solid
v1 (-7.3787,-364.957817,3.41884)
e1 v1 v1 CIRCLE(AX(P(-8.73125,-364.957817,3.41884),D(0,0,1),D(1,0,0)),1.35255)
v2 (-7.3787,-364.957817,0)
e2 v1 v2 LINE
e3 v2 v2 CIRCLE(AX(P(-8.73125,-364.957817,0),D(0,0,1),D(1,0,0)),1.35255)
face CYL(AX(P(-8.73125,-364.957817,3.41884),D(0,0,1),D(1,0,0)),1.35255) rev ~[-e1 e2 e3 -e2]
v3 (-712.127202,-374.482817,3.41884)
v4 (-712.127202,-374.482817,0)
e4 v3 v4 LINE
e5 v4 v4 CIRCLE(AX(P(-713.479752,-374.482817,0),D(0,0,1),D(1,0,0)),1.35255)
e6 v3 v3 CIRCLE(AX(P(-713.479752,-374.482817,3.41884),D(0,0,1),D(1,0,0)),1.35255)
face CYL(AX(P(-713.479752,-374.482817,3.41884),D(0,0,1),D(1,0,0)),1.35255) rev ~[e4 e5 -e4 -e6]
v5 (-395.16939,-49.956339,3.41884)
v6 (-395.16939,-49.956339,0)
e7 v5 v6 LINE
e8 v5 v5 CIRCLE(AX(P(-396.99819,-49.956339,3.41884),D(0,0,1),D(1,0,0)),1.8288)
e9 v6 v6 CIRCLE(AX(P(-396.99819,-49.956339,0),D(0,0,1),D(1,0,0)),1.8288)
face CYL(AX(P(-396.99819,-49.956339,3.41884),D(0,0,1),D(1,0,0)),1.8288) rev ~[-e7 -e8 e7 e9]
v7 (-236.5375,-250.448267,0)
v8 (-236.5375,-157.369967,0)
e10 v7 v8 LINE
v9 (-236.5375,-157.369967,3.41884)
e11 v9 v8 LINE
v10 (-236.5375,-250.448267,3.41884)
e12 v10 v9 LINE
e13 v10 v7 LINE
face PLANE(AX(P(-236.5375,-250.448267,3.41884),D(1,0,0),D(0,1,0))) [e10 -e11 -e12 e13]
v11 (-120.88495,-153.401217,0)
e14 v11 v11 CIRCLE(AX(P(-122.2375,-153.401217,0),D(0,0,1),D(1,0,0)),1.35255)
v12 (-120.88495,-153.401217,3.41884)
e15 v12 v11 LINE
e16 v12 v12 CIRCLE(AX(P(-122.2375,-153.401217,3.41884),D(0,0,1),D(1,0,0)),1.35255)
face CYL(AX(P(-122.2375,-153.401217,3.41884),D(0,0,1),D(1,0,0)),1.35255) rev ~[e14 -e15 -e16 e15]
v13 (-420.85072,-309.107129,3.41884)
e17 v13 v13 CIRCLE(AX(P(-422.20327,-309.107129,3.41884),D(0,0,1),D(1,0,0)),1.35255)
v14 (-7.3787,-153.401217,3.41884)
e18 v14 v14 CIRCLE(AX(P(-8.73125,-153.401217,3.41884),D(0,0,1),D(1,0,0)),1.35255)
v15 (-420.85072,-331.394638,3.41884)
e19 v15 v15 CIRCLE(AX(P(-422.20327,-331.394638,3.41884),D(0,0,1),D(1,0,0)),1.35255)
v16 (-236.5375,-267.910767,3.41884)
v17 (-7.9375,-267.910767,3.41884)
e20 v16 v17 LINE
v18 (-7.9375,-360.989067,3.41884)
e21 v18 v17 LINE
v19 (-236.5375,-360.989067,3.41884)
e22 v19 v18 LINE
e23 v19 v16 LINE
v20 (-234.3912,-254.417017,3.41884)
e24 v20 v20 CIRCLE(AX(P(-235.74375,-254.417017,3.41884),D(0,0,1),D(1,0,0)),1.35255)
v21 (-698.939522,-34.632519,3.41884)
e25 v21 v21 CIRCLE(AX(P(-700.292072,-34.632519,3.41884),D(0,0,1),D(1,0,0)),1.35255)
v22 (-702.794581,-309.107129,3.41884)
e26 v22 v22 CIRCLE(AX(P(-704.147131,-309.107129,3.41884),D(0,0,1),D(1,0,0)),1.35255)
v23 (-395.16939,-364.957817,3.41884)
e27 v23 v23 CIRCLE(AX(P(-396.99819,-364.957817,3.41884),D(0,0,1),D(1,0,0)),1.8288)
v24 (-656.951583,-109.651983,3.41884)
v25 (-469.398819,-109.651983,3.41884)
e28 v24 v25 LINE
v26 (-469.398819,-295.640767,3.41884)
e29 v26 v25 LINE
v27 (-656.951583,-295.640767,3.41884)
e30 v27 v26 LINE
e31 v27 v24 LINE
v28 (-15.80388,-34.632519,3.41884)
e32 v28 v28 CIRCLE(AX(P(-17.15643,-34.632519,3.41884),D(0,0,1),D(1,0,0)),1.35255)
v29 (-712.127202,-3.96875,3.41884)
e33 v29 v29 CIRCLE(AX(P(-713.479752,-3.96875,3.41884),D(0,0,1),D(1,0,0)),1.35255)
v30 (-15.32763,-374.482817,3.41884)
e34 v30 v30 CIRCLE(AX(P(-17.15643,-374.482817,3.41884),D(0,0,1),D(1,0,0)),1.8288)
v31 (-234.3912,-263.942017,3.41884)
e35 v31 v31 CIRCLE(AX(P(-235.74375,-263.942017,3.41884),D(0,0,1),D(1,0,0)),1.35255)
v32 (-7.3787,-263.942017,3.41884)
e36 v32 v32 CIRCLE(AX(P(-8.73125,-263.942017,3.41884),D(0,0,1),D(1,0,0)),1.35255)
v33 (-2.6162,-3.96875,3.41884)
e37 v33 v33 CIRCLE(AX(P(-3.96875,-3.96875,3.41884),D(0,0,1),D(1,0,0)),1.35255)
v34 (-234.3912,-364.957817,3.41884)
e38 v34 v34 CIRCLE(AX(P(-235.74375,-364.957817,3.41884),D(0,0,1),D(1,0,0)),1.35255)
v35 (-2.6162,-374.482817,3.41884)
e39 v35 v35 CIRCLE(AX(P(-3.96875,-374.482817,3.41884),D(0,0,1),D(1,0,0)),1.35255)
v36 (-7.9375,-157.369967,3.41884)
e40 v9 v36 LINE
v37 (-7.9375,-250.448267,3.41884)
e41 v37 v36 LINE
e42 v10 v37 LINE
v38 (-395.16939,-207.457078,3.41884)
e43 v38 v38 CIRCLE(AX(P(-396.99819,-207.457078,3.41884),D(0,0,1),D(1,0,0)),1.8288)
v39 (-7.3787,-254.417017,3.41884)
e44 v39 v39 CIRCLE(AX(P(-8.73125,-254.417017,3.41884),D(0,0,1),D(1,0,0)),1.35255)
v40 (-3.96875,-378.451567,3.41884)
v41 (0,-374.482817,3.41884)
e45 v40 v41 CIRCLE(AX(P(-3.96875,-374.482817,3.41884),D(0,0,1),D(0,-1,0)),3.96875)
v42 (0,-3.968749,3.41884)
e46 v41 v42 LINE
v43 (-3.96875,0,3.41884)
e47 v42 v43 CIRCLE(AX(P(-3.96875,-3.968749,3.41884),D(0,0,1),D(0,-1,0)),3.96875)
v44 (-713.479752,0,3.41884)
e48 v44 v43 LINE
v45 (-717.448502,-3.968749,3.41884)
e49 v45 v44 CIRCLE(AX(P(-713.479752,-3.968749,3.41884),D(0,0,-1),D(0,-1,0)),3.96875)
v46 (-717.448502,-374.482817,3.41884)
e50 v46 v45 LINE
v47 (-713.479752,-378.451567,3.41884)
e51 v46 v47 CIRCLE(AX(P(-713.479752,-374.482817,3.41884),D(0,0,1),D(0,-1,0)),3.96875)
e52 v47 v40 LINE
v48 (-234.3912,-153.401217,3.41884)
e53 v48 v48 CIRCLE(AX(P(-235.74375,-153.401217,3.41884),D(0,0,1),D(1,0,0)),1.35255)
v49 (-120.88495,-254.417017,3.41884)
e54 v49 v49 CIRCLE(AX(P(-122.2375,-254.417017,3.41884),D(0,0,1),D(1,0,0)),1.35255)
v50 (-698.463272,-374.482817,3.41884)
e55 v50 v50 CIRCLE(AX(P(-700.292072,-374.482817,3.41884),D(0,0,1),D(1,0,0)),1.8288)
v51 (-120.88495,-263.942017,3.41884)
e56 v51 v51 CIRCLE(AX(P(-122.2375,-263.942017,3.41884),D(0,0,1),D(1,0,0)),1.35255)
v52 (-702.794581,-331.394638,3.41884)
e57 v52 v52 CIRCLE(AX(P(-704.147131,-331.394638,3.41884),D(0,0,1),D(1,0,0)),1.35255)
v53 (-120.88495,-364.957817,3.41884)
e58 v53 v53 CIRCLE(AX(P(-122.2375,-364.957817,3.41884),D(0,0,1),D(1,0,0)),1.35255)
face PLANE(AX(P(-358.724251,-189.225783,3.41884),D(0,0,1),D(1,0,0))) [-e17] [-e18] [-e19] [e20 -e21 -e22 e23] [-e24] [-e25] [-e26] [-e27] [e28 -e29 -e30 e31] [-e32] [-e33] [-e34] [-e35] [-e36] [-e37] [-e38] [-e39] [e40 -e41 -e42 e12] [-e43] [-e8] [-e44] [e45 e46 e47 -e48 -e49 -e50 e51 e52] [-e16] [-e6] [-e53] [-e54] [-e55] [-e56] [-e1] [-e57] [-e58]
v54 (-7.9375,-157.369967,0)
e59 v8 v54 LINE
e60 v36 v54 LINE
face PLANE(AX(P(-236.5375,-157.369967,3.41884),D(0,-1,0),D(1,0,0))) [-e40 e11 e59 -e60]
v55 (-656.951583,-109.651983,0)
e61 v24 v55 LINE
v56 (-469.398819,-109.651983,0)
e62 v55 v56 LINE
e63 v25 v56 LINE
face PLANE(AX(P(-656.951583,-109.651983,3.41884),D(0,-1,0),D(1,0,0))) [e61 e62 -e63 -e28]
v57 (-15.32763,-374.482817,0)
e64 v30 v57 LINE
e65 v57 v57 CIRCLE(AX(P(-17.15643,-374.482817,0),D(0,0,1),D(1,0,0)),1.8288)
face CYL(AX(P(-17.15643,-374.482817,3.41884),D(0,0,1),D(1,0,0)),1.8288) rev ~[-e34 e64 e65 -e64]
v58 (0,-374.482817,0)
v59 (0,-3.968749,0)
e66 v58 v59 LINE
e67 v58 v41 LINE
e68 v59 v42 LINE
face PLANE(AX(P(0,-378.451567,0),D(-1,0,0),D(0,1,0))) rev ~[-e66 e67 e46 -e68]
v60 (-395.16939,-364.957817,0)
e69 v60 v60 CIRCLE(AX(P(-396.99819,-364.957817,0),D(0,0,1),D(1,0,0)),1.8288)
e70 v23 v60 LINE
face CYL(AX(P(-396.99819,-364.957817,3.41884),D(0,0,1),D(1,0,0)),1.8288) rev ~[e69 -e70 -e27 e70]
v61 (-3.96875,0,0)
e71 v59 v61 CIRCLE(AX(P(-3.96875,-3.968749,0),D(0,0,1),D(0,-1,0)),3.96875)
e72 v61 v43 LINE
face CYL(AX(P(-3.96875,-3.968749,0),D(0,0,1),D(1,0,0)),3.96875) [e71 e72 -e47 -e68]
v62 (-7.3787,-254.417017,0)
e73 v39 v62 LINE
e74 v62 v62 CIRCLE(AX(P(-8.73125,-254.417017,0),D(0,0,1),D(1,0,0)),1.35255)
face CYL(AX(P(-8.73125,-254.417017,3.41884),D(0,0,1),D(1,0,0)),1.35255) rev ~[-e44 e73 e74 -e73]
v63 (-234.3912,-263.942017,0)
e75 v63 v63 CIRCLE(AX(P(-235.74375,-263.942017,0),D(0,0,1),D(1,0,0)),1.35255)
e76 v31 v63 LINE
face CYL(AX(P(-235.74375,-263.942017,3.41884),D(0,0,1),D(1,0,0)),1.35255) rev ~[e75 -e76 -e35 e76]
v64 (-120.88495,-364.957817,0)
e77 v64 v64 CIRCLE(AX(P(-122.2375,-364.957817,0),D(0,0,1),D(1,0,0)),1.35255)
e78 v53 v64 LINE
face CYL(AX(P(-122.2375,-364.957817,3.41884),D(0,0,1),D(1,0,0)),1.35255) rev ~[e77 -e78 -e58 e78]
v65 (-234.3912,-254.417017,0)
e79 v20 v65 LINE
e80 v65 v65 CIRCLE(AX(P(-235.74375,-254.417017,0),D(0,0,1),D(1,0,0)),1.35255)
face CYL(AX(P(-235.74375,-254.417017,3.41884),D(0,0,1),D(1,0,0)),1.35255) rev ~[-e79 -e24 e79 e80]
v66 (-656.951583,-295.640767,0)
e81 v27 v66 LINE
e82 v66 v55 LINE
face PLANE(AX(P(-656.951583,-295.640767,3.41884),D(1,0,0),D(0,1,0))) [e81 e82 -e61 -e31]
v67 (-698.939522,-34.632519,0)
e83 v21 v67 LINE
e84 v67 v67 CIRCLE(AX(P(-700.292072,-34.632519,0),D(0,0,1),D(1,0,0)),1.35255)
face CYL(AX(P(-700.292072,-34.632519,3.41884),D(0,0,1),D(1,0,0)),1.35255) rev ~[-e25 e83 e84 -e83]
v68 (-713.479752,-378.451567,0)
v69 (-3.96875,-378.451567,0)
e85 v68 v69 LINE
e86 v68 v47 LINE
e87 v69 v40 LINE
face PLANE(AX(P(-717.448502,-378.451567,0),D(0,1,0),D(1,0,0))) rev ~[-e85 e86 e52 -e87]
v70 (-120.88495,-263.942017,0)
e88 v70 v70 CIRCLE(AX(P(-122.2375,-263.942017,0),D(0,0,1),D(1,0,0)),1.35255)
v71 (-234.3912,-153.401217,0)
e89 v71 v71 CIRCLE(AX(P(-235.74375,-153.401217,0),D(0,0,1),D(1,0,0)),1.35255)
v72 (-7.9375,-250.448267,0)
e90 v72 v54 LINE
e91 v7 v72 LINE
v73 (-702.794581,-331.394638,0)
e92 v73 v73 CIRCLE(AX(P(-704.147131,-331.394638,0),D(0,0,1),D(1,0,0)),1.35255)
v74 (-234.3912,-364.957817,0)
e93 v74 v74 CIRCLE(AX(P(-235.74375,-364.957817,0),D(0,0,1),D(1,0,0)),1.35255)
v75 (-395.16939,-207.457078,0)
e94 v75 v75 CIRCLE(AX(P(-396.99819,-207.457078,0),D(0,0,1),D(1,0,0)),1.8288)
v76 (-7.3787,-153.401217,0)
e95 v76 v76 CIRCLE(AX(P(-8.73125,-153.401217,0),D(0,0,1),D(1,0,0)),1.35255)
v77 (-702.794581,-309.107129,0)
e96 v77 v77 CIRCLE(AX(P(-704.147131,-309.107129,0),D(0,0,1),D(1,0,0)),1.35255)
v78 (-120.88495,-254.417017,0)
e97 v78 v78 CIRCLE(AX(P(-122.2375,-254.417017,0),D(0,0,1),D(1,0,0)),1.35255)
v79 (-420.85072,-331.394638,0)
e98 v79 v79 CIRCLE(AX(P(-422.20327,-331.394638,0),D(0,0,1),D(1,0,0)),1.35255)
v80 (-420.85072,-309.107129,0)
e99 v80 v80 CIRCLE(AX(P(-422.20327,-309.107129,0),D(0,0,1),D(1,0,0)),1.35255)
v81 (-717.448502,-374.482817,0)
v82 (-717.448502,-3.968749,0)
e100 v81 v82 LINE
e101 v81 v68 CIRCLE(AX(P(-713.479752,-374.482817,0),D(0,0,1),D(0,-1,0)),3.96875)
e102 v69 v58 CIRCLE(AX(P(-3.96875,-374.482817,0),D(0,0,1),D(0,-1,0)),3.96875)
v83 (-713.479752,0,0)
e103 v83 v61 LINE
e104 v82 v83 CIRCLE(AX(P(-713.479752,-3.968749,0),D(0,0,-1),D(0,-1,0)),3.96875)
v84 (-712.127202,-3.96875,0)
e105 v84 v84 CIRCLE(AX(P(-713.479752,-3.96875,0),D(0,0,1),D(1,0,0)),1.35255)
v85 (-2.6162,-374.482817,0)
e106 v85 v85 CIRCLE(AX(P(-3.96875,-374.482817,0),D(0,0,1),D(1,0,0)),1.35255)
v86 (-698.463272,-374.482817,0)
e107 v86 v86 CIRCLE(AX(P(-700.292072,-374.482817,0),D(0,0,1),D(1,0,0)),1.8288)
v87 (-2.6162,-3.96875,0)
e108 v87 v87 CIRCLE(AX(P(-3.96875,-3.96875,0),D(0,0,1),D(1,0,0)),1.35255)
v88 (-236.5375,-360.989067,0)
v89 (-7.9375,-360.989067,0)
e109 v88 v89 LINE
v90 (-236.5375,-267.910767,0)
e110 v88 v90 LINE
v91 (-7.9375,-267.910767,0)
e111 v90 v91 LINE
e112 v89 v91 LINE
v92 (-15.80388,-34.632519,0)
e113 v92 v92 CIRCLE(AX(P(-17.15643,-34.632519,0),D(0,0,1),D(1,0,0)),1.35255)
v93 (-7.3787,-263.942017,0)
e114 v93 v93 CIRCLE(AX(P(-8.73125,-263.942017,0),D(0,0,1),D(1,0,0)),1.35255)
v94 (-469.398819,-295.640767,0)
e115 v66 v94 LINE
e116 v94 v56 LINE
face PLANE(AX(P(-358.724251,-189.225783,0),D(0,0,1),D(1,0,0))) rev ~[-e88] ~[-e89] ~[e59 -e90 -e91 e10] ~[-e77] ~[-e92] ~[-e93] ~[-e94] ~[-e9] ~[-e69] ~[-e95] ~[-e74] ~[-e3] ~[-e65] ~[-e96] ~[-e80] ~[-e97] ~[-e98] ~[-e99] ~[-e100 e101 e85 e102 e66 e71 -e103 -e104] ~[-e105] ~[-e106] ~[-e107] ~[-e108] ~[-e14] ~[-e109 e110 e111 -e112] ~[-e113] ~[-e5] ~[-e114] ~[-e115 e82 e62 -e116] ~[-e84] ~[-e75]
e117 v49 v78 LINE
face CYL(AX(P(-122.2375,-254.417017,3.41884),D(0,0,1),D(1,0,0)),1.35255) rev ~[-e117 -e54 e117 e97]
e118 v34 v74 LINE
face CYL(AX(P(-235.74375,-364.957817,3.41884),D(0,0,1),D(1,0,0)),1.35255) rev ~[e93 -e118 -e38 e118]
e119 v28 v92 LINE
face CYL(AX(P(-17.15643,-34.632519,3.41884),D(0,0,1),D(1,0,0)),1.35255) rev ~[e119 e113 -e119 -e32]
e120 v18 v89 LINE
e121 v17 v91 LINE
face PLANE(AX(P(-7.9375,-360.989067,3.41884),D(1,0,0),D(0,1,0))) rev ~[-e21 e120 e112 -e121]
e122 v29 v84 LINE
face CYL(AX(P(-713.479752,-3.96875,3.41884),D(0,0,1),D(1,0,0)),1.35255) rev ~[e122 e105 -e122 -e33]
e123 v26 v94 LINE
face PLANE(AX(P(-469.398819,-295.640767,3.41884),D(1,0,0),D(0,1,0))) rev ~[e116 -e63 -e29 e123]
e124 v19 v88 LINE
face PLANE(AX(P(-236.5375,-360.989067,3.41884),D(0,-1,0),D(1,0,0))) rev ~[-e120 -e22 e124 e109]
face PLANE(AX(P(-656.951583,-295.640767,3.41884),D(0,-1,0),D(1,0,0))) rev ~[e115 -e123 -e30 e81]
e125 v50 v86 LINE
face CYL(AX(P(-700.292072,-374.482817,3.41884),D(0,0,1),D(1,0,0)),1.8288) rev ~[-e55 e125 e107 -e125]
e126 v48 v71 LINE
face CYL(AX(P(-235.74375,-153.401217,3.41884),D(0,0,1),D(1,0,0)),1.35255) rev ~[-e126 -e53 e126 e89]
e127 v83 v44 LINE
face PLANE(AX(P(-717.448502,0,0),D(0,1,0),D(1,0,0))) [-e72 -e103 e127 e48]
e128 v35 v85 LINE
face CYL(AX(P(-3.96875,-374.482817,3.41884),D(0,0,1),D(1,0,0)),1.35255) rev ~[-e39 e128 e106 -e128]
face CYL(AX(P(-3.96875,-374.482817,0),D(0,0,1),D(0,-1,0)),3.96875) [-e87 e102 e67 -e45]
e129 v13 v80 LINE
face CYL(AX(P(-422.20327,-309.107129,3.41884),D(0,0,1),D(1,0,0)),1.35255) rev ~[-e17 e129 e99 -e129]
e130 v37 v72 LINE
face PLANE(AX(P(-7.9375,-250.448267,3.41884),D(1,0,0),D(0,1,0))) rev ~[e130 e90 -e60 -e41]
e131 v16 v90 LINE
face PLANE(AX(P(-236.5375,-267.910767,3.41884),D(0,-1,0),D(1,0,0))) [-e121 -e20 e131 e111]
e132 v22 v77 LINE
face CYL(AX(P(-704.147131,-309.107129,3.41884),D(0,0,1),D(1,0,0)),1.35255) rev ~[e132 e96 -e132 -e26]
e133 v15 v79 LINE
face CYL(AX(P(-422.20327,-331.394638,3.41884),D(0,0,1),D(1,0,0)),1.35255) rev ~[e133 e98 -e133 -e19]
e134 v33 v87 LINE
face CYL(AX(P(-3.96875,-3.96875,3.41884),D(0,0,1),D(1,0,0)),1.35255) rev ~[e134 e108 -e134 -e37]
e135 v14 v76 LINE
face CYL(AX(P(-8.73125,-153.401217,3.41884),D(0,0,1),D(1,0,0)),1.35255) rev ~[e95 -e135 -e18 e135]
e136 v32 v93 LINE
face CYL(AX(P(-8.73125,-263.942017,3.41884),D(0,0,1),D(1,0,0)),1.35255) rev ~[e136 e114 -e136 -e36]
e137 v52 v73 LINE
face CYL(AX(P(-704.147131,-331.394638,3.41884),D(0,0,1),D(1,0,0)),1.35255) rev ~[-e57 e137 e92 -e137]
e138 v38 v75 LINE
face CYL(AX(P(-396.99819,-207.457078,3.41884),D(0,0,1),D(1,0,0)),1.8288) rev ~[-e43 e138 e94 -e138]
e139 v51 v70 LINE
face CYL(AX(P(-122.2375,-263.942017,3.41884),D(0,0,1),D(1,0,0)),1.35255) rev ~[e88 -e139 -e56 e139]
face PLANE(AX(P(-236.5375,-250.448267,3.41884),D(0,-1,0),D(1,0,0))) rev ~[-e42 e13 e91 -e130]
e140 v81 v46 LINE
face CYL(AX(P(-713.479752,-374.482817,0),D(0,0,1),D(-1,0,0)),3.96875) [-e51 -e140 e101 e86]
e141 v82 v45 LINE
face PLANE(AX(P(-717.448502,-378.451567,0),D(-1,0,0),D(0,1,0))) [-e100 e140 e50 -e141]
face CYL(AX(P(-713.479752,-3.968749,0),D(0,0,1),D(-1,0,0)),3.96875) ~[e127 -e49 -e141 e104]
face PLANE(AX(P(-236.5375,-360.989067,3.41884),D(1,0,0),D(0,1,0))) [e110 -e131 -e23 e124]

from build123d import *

# Parameters (mm, degrees)
F0_W     = 717.448502
F0_H     = 378.451567
F1_DEPTH = 3.41884
F2_R     = 3.96875
F3_R     = 1.35255
F3_R_2   = 1.8288
F3_W     = 187.552764
F3_H     = 185.988784
F3_W_2   = 228.6
F3_H_2   = 93.0783
F4_DEPTH = 3.41884


with BuildPart() as f1:
    # F0 (on Top) → F1 (new body)
    with BuildSketch(Plane.XY):
        with Locations((-358.724251, -189.225783)):
            Rectangle(F0_W, F0_H)
    extrude(amount=F1_DEPTH)

    # F2
    f2_edges = [f1.edges().sort_by_distance(p)[0] for p in [
        (-717.448502, 0, 1.70942),
        (-717.448502, -378.451567, 1.70942),
        (0, -378.451567, 1.70942),
        (0, 0, 1.70942),
    ]]
    fillet(f2_edges, radius=F2_R)

    # F3 (on face) → F4 (cut, through all)
    with BuildSketch(Plane.XY.offset(3.41884)):
        with Locations((-713.479752, -3.96875)):
            Circle(F3_R)
        with Locations((-3.96875, -3.96875)):
            Circle(F3_R)
        with Locations((-713.479752, -374.482817)):
            Circle(F3_R)
        with Locations((-3.96875, -374.482817)):
            Circle(F3_R)
        with Locations((-704.147131, -309.107129)):
            Circle(F3_R)
        with Locations((-704.147131, -331.394638)):
            Circle(F3_R)
        with Locations((-422.20327, -331.394638)):
            Circle(F3_R)
        with Locations((-422.20327, -309.107129)):
            Circle(F3_R)
        with Locations((-17.15643, -374.482817)):
            Circle(F3_R_2)
        with Locations((-700.292072, -374.482817)):
            Circle(F3_R_2)
        with Locations((-700.292072, -34.632519)):
            Circle(F3_R)
        with Locations((-17.15643, -34.632519)):
            Circle(F3_R)
        with Locations((-396.99819, -49.956339)):
            Circle(F3_R_2)
        with Locations((-563.175201, -202.646375)):
            Rectangle(F3_W, F3_H)
        with Locations((-122.2375, -314.449917)):
            Rectangle(F3_W_2, F3_H_2)
        with Locations((-235.74375, -364.957817)):
            Circle(F3_R)
        with Locations((-122.2375, -364.957817)):
            Circle(F3_R)
        with Locations((-8.73125, -364.957817)):
            Circle(F3_R)
        with Locations((-235.74375, -263.942017)):
            Circle(F3_R)
        with Locations((-122.2375, -263.942017)):
            Circle(F3_R)
        with Locations((-8.73125, -263.942017)):
            Circle(F3_R)
        with Locations((-122.2375, -203.909117)):
            Rectangle(F3_W_2, F3_H_2)
        with Locations((-235.74375, -254.417017)):
            Circle(F3_R)
        with Locations((-122.2375, -254.417017)):
            Circle(F3_R)
        with Locations((-8.73125, -254.417017)):
            Circle(F3_R)
        with Locations((-8.73125, -153.401217)):
            Circle(F3_R)
        with Locations((-235.74375, -153.401217)):
            Circle(F3_R)
        with Locations((-122.2375, -153.401217)):
            Circle(F3_R)
        with Locations((-396.99819, -207.457078)):
            Circle(F3_R_2)
        with Locations((-396.99819, -364.957817)):
            Circle(F3_R_2)
    extrude(amount=-F4_DEPTH, mode=Mode.SUBTRACT)


solid = f1.part
